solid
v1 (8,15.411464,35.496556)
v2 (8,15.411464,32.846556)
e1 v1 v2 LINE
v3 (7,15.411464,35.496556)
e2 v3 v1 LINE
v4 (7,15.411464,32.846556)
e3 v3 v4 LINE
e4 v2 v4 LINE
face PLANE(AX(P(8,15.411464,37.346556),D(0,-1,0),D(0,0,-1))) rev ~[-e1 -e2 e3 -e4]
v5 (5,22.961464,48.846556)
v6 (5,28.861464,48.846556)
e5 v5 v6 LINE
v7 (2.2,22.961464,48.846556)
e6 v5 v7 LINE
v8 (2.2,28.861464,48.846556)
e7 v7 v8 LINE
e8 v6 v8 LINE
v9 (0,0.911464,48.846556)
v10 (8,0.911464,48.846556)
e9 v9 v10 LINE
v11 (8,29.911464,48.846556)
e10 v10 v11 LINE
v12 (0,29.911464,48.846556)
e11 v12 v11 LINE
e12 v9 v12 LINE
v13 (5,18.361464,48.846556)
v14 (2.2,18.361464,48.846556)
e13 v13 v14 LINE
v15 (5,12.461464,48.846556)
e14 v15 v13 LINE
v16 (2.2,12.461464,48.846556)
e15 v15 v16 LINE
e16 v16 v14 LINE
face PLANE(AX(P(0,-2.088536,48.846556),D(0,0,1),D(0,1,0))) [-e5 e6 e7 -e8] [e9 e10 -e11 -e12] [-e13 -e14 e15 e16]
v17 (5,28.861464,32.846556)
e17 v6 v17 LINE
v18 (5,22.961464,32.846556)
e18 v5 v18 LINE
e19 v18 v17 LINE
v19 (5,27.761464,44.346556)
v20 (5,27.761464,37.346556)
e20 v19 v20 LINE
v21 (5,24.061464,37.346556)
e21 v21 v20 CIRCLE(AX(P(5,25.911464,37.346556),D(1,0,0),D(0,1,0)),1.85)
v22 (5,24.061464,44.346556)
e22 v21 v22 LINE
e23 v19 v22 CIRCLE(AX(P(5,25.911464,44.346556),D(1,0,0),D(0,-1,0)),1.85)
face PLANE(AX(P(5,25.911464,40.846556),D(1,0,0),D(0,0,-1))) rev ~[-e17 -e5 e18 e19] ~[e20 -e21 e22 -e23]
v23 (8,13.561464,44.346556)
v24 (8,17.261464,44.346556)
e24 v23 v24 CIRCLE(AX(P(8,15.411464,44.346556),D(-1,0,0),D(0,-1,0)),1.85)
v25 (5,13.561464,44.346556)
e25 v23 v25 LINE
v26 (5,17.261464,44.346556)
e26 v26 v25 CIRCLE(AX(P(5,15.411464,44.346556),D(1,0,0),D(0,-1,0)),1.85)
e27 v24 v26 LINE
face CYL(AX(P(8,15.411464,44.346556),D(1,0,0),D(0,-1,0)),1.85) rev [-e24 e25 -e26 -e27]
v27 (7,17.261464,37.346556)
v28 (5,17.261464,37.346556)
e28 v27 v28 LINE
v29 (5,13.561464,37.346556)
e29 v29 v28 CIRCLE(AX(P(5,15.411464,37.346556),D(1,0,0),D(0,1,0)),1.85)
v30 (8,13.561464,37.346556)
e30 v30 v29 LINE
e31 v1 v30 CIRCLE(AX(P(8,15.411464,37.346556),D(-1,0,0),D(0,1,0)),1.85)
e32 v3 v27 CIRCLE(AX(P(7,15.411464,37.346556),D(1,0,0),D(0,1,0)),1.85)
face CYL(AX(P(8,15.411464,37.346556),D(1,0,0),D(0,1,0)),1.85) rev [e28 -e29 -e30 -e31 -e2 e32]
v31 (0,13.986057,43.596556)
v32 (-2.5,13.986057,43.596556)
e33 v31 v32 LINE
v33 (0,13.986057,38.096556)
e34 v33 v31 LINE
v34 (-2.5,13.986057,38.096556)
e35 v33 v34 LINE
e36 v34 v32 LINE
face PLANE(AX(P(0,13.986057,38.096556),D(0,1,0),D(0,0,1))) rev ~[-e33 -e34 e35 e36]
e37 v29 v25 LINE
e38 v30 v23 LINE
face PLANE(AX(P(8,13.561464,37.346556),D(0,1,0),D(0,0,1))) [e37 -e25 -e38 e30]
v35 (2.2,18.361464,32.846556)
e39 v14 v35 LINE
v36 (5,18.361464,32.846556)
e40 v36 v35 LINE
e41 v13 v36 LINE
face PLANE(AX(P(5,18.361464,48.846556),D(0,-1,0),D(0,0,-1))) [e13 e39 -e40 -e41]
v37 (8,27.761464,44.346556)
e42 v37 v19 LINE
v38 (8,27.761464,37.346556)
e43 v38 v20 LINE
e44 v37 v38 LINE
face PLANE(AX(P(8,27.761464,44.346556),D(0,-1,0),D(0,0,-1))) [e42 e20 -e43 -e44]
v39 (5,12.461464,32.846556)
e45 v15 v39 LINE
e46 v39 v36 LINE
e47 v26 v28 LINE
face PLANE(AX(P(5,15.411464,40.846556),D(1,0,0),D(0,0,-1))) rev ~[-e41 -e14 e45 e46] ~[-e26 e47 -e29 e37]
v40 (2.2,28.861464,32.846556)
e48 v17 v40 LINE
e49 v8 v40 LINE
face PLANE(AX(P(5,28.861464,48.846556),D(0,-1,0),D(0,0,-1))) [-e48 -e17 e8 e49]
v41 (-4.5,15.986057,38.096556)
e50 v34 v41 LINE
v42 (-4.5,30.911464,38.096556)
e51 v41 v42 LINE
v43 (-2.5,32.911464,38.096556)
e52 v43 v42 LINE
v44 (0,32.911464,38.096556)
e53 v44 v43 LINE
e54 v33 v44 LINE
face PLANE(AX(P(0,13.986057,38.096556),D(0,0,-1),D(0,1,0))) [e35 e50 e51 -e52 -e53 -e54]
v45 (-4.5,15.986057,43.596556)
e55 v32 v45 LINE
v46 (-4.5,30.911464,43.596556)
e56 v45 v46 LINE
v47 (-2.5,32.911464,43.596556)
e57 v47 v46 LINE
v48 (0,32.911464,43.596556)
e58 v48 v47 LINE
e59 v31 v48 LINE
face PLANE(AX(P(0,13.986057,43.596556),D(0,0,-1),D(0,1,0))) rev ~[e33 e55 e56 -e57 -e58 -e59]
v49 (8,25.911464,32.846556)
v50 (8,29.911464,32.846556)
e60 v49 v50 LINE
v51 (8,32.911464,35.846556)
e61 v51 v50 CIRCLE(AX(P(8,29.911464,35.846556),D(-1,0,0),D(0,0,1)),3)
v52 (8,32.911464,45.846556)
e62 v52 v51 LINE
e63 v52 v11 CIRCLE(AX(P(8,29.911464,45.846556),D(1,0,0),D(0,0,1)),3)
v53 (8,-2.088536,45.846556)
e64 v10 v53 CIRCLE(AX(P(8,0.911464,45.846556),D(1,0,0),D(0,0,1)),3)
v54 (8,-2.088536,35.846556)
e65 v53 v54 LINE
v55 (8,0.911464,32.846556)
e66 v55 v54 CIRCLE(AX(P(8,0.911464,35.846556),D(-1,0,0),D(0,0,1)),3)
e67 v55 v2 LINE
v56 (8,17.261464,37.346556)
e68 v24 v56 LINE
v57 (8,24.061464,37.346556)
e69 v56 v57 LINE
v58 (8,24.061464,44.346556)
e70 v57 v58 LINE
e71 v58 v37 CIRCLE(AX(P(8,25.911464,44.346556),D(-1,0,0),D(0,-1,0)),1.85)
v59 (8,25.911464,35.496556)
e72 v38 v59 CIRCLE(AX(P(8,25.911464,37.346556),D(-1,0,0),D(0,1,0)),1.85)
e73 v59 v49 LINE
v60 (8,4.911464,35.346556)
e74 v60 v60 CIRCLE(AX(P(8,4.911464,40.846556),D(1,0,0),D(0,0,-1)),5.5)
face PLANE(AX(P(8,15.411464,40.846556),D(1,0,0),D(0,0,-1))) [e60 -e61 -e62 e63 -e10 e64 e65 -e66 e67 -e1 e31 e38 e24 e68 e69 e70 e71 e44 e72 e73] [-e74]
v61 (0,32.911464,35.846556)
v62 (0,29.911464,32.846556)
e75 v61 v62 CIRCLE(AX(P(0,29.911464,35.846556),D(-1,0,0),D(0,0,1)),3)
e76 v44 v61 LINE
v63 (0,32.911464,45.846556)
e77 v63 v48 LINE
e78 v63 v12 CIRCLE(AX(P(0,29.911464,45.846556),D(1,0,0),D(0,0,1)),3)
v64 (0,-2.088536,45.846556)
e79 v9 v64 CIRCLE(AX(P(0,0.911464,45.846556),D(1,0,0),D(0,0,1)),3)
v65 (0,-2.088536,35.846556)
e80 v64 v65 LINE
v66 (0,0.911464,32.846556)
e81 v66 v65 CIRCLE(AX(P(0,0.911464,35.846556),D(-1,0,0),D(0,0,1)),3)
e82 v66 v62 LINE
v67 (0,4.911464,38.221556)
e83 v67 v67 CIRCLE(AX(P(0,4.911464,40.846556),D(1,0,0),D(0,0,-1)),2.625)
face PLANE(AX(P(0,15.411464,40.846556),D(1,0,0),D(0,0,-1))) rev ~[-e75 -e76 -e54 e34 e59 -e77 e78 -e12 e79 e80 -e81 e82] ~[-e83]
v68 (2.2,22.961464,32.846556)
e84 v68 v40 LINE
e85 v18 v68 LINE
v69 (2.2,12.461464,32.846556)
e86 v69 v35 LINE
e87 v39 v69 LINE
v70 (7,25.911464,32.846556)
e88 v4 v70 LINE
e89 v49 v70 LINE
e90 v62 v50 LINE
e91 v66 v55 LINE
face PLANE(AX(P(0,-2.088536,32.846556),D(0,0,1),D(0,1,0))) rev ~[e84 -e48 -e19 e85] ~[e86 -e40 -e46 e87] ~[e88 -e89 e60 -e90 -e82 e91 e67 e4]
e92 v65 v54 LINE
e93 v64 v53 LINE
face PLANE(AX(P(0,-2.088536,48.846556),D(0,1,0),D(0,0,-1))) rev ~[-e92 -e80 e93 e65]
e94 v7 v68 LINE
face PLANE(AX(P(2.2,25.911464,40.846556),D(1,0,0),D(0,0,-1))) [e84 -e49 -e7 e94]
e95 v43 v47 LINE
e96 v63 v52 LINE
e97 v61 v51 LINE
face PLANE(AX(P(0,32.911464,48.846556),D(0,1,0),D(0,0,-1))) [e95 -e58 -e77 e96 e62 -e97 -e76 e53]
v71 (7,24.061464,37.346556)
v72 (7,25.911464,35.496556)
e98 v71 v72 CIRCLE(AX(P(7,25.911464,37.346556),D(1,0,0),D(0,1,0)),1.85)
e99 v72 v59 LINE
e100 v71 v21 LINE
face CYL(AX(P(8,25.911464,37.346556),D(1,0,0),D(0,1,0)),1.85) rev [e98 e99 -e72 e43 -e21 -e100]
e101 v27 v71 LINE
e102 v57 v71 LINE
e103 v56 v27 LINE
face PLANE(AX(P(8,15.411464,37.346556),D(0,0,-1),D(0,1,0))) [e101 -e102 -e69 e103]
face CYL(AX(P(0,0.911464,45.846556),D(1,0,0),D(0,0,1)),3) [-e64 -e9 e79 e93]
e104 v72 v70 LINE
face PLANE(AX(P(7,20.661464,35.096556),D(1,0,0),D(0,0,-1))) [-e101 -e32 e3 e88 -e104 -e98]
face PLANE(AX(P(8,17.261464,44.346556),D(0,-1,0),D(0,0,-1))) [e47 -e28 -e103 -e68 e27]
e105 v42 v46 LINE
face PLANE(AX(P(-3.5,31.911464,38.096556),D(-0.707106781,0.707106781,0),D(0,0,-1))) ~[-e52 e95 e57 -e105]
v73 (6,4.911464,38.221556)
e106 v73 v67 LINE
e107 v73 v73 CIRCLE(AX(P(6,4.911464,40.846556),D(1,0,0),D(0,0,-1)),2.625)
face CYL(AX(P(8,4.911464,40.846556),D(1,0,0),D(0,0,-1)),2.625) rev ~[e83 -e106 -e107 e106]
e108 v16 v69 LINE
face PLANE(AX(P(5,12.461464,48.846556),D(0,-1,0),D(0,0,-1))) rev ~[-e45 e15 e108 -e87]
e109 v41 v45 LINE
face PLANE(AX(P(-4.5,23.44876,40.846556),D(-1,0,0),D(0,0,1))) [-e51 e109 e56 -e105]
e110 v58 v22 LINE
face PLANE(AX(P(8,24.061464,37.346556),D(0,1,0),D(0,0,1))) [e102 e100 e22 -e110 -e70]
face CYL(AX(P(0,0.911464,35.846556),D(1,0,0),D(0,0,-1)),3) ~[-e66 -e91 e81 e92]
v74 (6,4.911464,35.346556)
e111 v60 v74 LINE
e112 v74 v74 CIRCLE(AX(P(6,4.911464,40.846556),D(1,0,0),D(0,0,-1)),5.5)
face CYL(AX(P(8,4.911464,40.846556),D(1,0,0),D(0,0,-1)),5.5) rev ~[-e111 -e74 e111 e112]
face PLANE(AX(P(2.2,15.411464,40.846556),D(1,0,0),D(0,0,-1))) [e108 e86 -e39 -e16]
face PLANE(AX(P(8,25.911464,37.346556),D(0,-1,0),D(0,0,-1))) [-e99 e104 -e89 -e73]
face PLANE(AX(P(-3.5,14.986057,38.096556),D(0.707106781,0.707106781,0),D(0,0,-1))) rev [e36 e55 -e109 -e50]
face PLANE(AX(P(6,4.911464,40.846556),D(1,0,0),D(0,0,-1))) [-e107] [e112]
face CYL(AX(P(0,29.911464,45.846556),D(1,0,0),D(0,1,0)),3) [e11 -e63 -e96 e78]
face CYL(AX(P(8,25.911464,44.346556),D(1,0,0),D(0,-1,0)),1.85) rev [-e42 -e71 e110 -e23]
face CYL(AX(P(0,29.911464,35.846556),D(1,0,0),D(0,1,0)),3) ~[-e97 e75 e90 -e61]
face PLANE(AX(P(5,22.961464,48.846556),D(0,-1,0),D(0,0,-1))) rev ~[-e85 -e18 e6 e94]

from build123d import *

# Parameters (mm, degrees)
SKETCH1_W           = 16
SKETCH1_H           = 35
BOSS_EXTRUDE1_DEPTH = 8
SKETCH2_W           = 5.5
SKETCH2_H           = 18.925407089
BOSS_EXTRUDE2_DEPTH = 4.5
CHAMFER1_SIZE       = 2
CUT_EXTRUDE1_START  = -3
SKETCH7_W           = 16
SKETCH7_H           = 5.9
CUT_EXTRUDE1_DEPTH  = 2.8
CUT_EXTRUDE2_DEPTH  = 5
SKETCH9_W           = 4.5
SKETCH9_H           = 10.5
CUT_EXTRUDE3_DEPTH  = 1
FILLET7_R           = 3
SKETCH10_R          = 2.625
CUT_EXTRUDE4_DEPTH  = 20
SKETCH11_R          = 5.5
CUT_EXTRUDE5_DEPTH  = 2


with BuildPart() as part:
    # Sketch1 → Boss-Extrude1 (new body)
    with BuildSketch(Plane(origin=(0, 0, 0), x_dir=(0, 0, -1), z_dir=(1, 0, 0))):
        with Locations((-40.846556001, 15.41146402)):
            Rectangle(SKETCH1_W, SKETCH1_H)
    extrude(amount=BOSS_EXTRUDE1_DEPTH)

    # Sketch2 → Boss-Extrude2 (add)
    with BuildSketch(Plane.ZY):
        with Locations((40.846556001, 23.448760476)):
            Rectangle(SKETCH2_W, SKETCH2_H)
    extrude(amount=BOSS_EXTRUDE2_DEPTH)

    # Chamfer1
    chamfer1_edges = [part.edges().sort_by_distance(p)[0] for p in [
        (-4.5, 13.986056931, 40.846556001),
        (-4.5, 32.91146402, 40.846556001),
    ]]
    chamfer(chamfer1_edges, length=CHAMFER1_SIZE)

    # Sketch7 → Cut-Extrude1 (cut)
    with BuildSketch(Plane(origin=(8, 0, 0), x_dir=(0, 0, -1), z_dir=(1, 0, 0)).offset(CUT_EXTRUDE1_START)):
        with Locations((-40.846556001, 25.91146402)):
            Rectangle(SKETCH7_W, SKETCH7_H)
        with Locations((-40.846556001, 15.41146402)):
            Rectangle(SKETCH7_W, SKETCH7_H)
    extrude(amount=-CUT_EXTRUDE1_DEPTH, mode=Mode.SUBTRACT)

    # Sketch8 → Cut-Extrude2 (cut)
    with BuildSketch(Plane(origin=(8, 0, 0), x_dir=(0, 0, -1), z_dir=(1, 0, 0))):
        with BuildLine():
            Line((-44.346556001, 27.76146402), (-37.346556001, 27.76146402))
            ThreePointArc((-37.346556001, 27.76146402), (-35.496556001, 25.91146402), (-37.346556001, 24.06146402))
            Line((-37.346556001, 24.06146402), (-44.346556001, 24.06146402))
            ThreePointArc((-44.346556001, 24.06146402), (-46.196556001, 25.91146402), (-44.346556001, 27.76146402))
        make_face()
        with BuildLine():
            Line((-44.346556001, 17.26146402), (-37.346556001, 17.26146402))
            ThreePointArc((-37.346556001, 17.26146402), (-35.496556001, 15.41146402), (-37.346556001, 13.56146402))
            Line((-37.346556001, 13.56146402), (-44.346556001, 13.56146402))
            ThreePointArc((-44.346556001, 13.56146402), (-46.196556001, 15.41146402), (-44.346556001, 17.26146402))
        make_face()
    extrude(amount=-CUT_EXTRUDE2_DEPTH, mode=Mode.SUBTRACT)

    # Sketch9 → Cut-Extrude3 (cut)
    with BuildSketch(Plane(origin=(8, 0, 0), x_dir=(0, 0, -1), z_dir=(1, 0, 0))):
        with Locations((-35.096556001, 20.66146402)):
            Rectangle(SKETCH9_W, SKETCH9_H)
    extrude(amount=-CUT_EXTRUDE3_DEPTH, mode=Mode.SUBTRACT)

    # Fillet7
    fillet7_edges = [part.edges().sort_by_distance(p)[0] for p in [
        (4, 32.91146402, 32.846556001),
        (4, 32.91146402, 48.846556001),
        (4, -2.08853598, 48.846556001),
        (4, -2.08853598, 32.846556001),
    ]]
    fillet(fillet7_edges, radius=FILLET7_R)

    # Sketch10 → Cut-Extrude4 (cut)
    with BuildSketch(Plane(origin=(8, 0, 0), x_dir=(0, 0, -1), z_dir=(1, 0, 0))):
        with Locations((-40.846556001, 4.91146402)):
            Circle(SKETCH10_R)
    extrude(amount=-CUT_EXTRUDE4_DEPTH, mode=Mode.SUBTRACT)

    # Sketch11 → Cut-Extrude5 (cut)
    with BuildSketch(Plane(origin=(8, 0, 0), x_dir=(0, 0, -1), z_dir=(1, 0, 0))):
        with Locations((-40.846556001, 4.91146402)):
            Circle(SKETCH11_R)
    extrude(amount=-CUT_EXTRUDE5_DEPTH, mode=Mode.SUBTRACT)


solid = part.part
